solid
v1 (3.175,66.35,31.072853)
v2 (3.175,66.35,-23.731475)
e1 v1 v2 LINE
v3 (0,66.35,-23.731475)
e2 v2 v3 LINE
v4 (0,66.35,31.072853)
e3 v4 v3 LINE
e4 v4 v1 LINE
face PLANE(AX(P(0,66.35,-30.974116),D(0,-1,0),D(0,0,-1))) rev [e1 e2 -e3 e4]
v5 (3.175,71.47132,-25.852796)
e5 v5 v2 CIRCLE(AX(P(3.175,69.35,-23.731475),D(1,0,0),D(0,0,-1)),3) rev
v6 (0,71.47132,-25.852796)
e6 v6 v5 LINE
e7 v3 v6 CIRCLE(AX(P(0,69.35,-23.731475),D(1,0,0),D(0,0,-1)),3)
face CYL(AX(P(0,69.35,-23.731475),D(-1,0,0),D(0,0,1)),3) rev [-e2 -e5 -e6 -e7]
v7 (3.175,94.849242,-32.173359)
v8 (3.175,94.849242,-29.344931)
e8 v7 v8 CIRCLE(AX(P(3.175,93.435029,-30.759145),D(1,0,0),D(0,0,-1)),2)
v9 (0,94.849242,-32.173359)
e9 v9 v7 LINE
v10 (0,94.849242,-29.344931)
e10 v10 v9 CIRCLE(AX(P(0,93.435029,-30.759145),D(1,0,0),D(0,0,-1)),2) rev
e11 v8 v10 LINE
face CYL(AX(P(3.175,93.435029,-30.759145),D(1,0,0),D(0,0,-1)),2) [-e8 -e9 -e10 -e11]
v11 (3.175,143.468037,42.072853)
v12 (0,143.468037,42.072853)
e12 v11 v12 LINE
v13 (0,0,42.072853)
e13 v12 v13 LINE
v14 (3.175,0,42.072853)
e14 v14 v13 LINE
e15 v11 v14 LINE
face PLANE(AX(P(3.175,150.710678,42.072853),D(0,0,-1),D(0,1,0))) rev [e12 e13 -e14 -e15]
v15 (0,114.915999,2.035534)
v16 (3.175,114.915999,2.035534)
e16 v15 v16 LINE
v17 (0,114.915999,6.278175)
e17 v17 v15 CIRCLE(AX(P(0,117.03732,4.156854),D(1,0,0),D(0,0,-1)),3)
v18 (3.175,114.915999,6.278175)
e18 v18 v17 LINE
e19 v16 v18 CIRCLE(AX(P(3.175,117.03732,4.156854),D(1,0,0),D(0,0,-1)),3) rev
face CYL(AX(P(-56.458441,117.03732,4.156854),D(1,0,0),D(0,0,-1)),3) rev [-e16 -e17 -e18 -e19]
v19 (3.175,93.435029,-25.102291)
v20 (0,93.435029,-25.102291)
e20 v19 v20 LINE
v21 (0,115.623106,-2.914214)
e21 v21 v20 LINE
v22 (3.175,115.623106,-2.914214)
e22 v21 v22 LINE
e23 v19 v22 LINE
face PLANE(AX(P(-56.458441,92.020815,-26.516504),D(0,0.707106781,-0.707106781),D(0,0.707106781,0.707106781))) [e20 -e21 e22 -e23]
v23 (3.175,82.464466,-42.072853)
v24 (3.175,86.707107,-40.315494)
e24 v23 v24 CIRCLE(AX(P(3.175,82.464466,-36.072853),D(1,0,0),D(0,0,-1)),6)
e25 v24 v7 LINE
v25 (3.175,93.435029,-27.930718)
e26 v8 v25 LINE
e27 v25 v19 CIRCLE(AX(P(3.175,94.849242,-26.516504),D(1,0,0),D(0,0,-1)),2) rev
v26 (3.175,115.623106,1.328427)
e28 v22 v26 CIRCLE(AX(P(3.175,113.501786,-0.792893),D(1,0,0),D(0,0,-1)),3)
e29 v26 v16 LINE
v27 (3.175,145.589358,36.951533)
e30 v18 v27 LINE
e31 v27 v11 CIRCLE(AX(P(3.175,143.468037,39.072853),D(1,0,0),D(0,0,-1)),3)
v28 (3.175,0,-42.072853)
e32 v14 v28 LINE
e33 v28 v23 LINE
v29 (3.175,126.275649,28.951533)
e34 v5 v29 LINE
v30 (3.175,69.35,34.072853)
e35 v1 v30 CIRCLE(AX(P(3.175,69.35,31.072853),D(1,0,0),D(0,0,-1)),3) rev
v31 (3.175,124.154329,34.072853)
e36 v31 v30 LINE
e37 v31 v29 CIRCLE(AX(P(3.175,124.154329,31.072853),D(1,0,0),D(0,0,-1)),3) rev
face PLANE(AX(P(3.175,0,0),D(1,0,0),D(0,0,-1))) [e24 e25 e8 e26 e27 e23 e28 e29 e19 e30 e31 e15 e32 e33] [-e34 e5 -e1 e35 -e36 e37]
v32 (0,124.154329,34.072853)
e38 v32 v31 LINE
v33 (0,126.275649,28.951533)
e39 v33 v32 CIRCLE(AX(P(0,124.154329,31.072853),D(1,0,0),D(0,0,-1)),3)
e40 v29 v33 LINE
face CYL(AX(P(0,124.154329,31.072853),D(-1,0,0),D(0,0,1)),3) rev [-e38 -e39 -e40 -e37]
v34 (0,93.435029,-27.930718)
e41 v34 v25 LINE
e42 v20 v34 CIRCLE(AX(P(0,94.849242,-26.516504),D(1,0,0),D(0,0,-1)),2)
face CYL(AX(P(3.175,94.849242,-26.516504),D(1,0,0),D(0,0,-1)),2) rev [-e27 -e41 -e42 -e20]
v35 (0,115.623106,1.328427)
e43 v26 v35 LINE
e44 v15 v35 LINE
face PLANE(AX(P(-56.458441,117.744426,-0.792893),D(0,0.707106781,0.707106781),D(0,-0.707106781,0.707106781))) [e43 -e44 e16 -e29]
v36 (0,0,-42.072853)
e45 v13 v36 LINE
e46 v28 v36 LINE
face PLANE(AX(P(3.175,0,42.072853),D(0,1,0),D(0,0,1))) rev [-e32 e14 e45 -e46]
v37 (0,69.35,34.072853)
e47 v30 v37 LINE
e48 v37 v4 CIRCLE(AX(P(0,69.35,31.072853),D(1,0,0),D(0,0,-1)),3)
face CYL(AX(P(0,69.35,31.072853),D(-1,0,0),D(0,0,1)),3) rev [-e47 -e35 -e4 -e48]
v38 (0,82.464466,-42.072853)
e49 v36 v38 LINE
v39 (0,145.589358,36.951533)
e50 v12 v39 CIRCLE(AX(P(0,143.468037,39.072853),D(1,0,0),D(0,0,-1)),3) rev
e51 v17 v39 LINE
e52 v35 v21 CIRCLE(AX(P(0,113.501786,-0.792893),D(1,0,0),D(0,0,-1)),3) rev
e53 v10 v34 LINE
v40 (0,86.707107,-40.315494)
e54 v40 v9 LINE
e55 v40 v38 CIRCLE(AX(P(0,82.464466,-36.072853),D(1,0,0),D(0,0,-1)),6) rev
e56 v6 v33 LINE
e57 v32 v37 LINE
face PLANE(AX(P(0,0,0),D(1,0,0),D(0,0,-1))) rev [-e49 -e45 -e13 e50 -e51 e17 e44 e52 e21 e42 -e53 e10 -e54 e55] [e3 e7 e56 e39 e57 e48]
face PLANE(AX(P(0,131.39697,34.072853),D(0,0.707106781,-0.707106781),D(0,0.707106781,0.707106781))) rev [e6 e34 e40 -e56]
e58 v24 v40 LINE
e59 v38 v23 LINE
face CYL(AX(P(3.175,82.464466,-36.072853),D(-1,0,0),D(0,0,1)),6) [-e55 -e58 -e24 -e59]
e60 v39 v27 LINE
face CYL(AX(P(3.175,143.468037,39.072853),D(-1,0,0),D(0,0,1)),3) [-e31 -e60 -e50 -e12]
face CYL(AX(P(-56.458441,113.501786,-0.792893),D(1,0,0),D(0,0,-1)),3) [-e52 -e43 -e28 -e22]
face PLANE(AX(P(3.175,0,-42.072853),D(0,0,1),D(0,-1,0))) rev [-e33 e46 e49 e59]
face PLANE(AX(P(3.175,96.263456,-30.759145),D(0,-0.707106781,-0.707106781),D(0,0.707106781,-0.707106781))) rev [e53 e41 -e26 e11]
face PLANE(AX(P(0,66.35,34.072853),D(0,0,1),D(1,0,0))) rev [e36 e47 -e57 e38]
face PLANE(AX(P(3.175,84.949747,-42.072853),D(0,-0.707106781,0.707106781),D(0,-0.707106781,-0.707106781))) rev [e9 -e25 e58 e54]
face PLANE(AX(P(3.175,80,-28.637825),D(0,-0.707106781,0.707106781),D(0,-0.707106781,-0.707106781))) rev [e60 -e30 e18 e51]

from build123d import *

# Parameters (mm, degrees)
BOSS_EXTRU_1_DEPTH      = 3.175
CONG_1_R                = 6
CONG_2_R                = 2
ENL_V_MAT_EXTRU_2_DEPTH = 157.50531659973907
CONG_4_R                = 3
BOSS_EXTRU_2_DEPTH      = 3.175
CONG_5_R                = 2
CONG_6_R                = 3


with BuildPart() as part:
    # Esquisse1 → Boss.-Extru.1 (new body)
    with BuildSketch(Plane(origin=(0, 0, 0), x_dir=(0, 0, -1), z_dir=(1, 0, 0))):
        Polygon((-42.0728534805994, 0), (42.0728534805994, 0), (42.072853480599385, 84.94974746830529), (30.759144981614714, 96.26345596728963), (26.516504294495412, 92.02081528017037), (33.58757210636085, 84.94974746830486), (28.637824638054987, 79.99999999999906), (-42.07285348059938, 150.71067811865416), align=None)
    extrude(amount=BOSS_EXTRU_1_DEPTH)

    # Congé1
    cong_1_edges = [part.edges().sort_by_distance(p)[0] for p in [
        (1.5875, 84.94974746830529, -42.072853480599385),
    ]]
    fillet(cong_1_edges, radius=CONG_1_R)

    # Congé2
    cong_2_edges = [part.edges().sort_by_distance(p)[0] for p in [
        (1.5875, 92.02081528017037, -26.516504294495412),
        (1.5875, 96.26345596728963, -30.759144981614714),
    ]]
    fillet(cong_2_edges, radius=CONG_2_R)

    # Esquisse4 → Enlèv. mat.-Extru.2 (cut, through all)
    with BuildSketch(Plane(origin=(3.175, 0, 0), x_dir=(0, 0, -1), z_dir=(1, 0, 0))):
        Polygon((30.974116139400625, 66.34999999966868), (-34.07285348059938, 66.34999999966868), (-34.07285348059938, 131.39696961966868), align=None)
    extrude(amount=-ENL_V_MAT_EXTRU_2_DEPTH, mode=Mode.SUBTRACT)

    # Congé4
    cong_4_edges = [part.edges().sort_by_distance(p)[0] for p in [
        (1.5875, 150.71067811865416, 42.07285348059938),
        (1.5875, 131.39696961966868, 34.07285348059938),
        (1.5875, 66.34999999966868, -30.974116139400625),
        (1.5875, 66.34999999966868, 34.07285348059938),
    ]]
    fillet(cong_4_edges, radius=CONG_4_R)

    # Esquisse5 → Boss.-Extru.2 (add)
    with BuildSketch(Plane(origin=(3.175, 0, 0), x_dir=(0, 0, -1), z_dir=(1, 0, 0))):
        Polygon((30.759144981614842, 96.26345596728976), (26.51650429449542, 92.02081528017034), (0.7928932188133107, 117.74442635585244), (-4.15685424949237, 112.79467888754677), (28.637824638054987, 79.99999999999906), (37.8302127934801, 89.19238815542445), align=None)
    extrude(amount=-BOSS_EXTRU_2_DEPTH)

    # Congé5
    cong_5_edges = [part.edges().sort_by_distance(p)[0] for p in [
        (1.5875, 96.26345596728976, -30.759144981614842),
        (1.5875, 92.02081528017034, -26.51650429449542),
    ]]
    fillet(cong_5_edges, radius=CONG_5_R)

    # Congé6
    cong_6_edges = [part.edges().sort_by_distance(p)[0] for p in [
        (1.5875, 112.79467888754677, 4.15685424949237),
        (1.5875, 117.74442635585244, -0.7928932188133107),
    ]]
    fillet(cong_6_edges, radius=CONG_6_R)


solid = part.part
